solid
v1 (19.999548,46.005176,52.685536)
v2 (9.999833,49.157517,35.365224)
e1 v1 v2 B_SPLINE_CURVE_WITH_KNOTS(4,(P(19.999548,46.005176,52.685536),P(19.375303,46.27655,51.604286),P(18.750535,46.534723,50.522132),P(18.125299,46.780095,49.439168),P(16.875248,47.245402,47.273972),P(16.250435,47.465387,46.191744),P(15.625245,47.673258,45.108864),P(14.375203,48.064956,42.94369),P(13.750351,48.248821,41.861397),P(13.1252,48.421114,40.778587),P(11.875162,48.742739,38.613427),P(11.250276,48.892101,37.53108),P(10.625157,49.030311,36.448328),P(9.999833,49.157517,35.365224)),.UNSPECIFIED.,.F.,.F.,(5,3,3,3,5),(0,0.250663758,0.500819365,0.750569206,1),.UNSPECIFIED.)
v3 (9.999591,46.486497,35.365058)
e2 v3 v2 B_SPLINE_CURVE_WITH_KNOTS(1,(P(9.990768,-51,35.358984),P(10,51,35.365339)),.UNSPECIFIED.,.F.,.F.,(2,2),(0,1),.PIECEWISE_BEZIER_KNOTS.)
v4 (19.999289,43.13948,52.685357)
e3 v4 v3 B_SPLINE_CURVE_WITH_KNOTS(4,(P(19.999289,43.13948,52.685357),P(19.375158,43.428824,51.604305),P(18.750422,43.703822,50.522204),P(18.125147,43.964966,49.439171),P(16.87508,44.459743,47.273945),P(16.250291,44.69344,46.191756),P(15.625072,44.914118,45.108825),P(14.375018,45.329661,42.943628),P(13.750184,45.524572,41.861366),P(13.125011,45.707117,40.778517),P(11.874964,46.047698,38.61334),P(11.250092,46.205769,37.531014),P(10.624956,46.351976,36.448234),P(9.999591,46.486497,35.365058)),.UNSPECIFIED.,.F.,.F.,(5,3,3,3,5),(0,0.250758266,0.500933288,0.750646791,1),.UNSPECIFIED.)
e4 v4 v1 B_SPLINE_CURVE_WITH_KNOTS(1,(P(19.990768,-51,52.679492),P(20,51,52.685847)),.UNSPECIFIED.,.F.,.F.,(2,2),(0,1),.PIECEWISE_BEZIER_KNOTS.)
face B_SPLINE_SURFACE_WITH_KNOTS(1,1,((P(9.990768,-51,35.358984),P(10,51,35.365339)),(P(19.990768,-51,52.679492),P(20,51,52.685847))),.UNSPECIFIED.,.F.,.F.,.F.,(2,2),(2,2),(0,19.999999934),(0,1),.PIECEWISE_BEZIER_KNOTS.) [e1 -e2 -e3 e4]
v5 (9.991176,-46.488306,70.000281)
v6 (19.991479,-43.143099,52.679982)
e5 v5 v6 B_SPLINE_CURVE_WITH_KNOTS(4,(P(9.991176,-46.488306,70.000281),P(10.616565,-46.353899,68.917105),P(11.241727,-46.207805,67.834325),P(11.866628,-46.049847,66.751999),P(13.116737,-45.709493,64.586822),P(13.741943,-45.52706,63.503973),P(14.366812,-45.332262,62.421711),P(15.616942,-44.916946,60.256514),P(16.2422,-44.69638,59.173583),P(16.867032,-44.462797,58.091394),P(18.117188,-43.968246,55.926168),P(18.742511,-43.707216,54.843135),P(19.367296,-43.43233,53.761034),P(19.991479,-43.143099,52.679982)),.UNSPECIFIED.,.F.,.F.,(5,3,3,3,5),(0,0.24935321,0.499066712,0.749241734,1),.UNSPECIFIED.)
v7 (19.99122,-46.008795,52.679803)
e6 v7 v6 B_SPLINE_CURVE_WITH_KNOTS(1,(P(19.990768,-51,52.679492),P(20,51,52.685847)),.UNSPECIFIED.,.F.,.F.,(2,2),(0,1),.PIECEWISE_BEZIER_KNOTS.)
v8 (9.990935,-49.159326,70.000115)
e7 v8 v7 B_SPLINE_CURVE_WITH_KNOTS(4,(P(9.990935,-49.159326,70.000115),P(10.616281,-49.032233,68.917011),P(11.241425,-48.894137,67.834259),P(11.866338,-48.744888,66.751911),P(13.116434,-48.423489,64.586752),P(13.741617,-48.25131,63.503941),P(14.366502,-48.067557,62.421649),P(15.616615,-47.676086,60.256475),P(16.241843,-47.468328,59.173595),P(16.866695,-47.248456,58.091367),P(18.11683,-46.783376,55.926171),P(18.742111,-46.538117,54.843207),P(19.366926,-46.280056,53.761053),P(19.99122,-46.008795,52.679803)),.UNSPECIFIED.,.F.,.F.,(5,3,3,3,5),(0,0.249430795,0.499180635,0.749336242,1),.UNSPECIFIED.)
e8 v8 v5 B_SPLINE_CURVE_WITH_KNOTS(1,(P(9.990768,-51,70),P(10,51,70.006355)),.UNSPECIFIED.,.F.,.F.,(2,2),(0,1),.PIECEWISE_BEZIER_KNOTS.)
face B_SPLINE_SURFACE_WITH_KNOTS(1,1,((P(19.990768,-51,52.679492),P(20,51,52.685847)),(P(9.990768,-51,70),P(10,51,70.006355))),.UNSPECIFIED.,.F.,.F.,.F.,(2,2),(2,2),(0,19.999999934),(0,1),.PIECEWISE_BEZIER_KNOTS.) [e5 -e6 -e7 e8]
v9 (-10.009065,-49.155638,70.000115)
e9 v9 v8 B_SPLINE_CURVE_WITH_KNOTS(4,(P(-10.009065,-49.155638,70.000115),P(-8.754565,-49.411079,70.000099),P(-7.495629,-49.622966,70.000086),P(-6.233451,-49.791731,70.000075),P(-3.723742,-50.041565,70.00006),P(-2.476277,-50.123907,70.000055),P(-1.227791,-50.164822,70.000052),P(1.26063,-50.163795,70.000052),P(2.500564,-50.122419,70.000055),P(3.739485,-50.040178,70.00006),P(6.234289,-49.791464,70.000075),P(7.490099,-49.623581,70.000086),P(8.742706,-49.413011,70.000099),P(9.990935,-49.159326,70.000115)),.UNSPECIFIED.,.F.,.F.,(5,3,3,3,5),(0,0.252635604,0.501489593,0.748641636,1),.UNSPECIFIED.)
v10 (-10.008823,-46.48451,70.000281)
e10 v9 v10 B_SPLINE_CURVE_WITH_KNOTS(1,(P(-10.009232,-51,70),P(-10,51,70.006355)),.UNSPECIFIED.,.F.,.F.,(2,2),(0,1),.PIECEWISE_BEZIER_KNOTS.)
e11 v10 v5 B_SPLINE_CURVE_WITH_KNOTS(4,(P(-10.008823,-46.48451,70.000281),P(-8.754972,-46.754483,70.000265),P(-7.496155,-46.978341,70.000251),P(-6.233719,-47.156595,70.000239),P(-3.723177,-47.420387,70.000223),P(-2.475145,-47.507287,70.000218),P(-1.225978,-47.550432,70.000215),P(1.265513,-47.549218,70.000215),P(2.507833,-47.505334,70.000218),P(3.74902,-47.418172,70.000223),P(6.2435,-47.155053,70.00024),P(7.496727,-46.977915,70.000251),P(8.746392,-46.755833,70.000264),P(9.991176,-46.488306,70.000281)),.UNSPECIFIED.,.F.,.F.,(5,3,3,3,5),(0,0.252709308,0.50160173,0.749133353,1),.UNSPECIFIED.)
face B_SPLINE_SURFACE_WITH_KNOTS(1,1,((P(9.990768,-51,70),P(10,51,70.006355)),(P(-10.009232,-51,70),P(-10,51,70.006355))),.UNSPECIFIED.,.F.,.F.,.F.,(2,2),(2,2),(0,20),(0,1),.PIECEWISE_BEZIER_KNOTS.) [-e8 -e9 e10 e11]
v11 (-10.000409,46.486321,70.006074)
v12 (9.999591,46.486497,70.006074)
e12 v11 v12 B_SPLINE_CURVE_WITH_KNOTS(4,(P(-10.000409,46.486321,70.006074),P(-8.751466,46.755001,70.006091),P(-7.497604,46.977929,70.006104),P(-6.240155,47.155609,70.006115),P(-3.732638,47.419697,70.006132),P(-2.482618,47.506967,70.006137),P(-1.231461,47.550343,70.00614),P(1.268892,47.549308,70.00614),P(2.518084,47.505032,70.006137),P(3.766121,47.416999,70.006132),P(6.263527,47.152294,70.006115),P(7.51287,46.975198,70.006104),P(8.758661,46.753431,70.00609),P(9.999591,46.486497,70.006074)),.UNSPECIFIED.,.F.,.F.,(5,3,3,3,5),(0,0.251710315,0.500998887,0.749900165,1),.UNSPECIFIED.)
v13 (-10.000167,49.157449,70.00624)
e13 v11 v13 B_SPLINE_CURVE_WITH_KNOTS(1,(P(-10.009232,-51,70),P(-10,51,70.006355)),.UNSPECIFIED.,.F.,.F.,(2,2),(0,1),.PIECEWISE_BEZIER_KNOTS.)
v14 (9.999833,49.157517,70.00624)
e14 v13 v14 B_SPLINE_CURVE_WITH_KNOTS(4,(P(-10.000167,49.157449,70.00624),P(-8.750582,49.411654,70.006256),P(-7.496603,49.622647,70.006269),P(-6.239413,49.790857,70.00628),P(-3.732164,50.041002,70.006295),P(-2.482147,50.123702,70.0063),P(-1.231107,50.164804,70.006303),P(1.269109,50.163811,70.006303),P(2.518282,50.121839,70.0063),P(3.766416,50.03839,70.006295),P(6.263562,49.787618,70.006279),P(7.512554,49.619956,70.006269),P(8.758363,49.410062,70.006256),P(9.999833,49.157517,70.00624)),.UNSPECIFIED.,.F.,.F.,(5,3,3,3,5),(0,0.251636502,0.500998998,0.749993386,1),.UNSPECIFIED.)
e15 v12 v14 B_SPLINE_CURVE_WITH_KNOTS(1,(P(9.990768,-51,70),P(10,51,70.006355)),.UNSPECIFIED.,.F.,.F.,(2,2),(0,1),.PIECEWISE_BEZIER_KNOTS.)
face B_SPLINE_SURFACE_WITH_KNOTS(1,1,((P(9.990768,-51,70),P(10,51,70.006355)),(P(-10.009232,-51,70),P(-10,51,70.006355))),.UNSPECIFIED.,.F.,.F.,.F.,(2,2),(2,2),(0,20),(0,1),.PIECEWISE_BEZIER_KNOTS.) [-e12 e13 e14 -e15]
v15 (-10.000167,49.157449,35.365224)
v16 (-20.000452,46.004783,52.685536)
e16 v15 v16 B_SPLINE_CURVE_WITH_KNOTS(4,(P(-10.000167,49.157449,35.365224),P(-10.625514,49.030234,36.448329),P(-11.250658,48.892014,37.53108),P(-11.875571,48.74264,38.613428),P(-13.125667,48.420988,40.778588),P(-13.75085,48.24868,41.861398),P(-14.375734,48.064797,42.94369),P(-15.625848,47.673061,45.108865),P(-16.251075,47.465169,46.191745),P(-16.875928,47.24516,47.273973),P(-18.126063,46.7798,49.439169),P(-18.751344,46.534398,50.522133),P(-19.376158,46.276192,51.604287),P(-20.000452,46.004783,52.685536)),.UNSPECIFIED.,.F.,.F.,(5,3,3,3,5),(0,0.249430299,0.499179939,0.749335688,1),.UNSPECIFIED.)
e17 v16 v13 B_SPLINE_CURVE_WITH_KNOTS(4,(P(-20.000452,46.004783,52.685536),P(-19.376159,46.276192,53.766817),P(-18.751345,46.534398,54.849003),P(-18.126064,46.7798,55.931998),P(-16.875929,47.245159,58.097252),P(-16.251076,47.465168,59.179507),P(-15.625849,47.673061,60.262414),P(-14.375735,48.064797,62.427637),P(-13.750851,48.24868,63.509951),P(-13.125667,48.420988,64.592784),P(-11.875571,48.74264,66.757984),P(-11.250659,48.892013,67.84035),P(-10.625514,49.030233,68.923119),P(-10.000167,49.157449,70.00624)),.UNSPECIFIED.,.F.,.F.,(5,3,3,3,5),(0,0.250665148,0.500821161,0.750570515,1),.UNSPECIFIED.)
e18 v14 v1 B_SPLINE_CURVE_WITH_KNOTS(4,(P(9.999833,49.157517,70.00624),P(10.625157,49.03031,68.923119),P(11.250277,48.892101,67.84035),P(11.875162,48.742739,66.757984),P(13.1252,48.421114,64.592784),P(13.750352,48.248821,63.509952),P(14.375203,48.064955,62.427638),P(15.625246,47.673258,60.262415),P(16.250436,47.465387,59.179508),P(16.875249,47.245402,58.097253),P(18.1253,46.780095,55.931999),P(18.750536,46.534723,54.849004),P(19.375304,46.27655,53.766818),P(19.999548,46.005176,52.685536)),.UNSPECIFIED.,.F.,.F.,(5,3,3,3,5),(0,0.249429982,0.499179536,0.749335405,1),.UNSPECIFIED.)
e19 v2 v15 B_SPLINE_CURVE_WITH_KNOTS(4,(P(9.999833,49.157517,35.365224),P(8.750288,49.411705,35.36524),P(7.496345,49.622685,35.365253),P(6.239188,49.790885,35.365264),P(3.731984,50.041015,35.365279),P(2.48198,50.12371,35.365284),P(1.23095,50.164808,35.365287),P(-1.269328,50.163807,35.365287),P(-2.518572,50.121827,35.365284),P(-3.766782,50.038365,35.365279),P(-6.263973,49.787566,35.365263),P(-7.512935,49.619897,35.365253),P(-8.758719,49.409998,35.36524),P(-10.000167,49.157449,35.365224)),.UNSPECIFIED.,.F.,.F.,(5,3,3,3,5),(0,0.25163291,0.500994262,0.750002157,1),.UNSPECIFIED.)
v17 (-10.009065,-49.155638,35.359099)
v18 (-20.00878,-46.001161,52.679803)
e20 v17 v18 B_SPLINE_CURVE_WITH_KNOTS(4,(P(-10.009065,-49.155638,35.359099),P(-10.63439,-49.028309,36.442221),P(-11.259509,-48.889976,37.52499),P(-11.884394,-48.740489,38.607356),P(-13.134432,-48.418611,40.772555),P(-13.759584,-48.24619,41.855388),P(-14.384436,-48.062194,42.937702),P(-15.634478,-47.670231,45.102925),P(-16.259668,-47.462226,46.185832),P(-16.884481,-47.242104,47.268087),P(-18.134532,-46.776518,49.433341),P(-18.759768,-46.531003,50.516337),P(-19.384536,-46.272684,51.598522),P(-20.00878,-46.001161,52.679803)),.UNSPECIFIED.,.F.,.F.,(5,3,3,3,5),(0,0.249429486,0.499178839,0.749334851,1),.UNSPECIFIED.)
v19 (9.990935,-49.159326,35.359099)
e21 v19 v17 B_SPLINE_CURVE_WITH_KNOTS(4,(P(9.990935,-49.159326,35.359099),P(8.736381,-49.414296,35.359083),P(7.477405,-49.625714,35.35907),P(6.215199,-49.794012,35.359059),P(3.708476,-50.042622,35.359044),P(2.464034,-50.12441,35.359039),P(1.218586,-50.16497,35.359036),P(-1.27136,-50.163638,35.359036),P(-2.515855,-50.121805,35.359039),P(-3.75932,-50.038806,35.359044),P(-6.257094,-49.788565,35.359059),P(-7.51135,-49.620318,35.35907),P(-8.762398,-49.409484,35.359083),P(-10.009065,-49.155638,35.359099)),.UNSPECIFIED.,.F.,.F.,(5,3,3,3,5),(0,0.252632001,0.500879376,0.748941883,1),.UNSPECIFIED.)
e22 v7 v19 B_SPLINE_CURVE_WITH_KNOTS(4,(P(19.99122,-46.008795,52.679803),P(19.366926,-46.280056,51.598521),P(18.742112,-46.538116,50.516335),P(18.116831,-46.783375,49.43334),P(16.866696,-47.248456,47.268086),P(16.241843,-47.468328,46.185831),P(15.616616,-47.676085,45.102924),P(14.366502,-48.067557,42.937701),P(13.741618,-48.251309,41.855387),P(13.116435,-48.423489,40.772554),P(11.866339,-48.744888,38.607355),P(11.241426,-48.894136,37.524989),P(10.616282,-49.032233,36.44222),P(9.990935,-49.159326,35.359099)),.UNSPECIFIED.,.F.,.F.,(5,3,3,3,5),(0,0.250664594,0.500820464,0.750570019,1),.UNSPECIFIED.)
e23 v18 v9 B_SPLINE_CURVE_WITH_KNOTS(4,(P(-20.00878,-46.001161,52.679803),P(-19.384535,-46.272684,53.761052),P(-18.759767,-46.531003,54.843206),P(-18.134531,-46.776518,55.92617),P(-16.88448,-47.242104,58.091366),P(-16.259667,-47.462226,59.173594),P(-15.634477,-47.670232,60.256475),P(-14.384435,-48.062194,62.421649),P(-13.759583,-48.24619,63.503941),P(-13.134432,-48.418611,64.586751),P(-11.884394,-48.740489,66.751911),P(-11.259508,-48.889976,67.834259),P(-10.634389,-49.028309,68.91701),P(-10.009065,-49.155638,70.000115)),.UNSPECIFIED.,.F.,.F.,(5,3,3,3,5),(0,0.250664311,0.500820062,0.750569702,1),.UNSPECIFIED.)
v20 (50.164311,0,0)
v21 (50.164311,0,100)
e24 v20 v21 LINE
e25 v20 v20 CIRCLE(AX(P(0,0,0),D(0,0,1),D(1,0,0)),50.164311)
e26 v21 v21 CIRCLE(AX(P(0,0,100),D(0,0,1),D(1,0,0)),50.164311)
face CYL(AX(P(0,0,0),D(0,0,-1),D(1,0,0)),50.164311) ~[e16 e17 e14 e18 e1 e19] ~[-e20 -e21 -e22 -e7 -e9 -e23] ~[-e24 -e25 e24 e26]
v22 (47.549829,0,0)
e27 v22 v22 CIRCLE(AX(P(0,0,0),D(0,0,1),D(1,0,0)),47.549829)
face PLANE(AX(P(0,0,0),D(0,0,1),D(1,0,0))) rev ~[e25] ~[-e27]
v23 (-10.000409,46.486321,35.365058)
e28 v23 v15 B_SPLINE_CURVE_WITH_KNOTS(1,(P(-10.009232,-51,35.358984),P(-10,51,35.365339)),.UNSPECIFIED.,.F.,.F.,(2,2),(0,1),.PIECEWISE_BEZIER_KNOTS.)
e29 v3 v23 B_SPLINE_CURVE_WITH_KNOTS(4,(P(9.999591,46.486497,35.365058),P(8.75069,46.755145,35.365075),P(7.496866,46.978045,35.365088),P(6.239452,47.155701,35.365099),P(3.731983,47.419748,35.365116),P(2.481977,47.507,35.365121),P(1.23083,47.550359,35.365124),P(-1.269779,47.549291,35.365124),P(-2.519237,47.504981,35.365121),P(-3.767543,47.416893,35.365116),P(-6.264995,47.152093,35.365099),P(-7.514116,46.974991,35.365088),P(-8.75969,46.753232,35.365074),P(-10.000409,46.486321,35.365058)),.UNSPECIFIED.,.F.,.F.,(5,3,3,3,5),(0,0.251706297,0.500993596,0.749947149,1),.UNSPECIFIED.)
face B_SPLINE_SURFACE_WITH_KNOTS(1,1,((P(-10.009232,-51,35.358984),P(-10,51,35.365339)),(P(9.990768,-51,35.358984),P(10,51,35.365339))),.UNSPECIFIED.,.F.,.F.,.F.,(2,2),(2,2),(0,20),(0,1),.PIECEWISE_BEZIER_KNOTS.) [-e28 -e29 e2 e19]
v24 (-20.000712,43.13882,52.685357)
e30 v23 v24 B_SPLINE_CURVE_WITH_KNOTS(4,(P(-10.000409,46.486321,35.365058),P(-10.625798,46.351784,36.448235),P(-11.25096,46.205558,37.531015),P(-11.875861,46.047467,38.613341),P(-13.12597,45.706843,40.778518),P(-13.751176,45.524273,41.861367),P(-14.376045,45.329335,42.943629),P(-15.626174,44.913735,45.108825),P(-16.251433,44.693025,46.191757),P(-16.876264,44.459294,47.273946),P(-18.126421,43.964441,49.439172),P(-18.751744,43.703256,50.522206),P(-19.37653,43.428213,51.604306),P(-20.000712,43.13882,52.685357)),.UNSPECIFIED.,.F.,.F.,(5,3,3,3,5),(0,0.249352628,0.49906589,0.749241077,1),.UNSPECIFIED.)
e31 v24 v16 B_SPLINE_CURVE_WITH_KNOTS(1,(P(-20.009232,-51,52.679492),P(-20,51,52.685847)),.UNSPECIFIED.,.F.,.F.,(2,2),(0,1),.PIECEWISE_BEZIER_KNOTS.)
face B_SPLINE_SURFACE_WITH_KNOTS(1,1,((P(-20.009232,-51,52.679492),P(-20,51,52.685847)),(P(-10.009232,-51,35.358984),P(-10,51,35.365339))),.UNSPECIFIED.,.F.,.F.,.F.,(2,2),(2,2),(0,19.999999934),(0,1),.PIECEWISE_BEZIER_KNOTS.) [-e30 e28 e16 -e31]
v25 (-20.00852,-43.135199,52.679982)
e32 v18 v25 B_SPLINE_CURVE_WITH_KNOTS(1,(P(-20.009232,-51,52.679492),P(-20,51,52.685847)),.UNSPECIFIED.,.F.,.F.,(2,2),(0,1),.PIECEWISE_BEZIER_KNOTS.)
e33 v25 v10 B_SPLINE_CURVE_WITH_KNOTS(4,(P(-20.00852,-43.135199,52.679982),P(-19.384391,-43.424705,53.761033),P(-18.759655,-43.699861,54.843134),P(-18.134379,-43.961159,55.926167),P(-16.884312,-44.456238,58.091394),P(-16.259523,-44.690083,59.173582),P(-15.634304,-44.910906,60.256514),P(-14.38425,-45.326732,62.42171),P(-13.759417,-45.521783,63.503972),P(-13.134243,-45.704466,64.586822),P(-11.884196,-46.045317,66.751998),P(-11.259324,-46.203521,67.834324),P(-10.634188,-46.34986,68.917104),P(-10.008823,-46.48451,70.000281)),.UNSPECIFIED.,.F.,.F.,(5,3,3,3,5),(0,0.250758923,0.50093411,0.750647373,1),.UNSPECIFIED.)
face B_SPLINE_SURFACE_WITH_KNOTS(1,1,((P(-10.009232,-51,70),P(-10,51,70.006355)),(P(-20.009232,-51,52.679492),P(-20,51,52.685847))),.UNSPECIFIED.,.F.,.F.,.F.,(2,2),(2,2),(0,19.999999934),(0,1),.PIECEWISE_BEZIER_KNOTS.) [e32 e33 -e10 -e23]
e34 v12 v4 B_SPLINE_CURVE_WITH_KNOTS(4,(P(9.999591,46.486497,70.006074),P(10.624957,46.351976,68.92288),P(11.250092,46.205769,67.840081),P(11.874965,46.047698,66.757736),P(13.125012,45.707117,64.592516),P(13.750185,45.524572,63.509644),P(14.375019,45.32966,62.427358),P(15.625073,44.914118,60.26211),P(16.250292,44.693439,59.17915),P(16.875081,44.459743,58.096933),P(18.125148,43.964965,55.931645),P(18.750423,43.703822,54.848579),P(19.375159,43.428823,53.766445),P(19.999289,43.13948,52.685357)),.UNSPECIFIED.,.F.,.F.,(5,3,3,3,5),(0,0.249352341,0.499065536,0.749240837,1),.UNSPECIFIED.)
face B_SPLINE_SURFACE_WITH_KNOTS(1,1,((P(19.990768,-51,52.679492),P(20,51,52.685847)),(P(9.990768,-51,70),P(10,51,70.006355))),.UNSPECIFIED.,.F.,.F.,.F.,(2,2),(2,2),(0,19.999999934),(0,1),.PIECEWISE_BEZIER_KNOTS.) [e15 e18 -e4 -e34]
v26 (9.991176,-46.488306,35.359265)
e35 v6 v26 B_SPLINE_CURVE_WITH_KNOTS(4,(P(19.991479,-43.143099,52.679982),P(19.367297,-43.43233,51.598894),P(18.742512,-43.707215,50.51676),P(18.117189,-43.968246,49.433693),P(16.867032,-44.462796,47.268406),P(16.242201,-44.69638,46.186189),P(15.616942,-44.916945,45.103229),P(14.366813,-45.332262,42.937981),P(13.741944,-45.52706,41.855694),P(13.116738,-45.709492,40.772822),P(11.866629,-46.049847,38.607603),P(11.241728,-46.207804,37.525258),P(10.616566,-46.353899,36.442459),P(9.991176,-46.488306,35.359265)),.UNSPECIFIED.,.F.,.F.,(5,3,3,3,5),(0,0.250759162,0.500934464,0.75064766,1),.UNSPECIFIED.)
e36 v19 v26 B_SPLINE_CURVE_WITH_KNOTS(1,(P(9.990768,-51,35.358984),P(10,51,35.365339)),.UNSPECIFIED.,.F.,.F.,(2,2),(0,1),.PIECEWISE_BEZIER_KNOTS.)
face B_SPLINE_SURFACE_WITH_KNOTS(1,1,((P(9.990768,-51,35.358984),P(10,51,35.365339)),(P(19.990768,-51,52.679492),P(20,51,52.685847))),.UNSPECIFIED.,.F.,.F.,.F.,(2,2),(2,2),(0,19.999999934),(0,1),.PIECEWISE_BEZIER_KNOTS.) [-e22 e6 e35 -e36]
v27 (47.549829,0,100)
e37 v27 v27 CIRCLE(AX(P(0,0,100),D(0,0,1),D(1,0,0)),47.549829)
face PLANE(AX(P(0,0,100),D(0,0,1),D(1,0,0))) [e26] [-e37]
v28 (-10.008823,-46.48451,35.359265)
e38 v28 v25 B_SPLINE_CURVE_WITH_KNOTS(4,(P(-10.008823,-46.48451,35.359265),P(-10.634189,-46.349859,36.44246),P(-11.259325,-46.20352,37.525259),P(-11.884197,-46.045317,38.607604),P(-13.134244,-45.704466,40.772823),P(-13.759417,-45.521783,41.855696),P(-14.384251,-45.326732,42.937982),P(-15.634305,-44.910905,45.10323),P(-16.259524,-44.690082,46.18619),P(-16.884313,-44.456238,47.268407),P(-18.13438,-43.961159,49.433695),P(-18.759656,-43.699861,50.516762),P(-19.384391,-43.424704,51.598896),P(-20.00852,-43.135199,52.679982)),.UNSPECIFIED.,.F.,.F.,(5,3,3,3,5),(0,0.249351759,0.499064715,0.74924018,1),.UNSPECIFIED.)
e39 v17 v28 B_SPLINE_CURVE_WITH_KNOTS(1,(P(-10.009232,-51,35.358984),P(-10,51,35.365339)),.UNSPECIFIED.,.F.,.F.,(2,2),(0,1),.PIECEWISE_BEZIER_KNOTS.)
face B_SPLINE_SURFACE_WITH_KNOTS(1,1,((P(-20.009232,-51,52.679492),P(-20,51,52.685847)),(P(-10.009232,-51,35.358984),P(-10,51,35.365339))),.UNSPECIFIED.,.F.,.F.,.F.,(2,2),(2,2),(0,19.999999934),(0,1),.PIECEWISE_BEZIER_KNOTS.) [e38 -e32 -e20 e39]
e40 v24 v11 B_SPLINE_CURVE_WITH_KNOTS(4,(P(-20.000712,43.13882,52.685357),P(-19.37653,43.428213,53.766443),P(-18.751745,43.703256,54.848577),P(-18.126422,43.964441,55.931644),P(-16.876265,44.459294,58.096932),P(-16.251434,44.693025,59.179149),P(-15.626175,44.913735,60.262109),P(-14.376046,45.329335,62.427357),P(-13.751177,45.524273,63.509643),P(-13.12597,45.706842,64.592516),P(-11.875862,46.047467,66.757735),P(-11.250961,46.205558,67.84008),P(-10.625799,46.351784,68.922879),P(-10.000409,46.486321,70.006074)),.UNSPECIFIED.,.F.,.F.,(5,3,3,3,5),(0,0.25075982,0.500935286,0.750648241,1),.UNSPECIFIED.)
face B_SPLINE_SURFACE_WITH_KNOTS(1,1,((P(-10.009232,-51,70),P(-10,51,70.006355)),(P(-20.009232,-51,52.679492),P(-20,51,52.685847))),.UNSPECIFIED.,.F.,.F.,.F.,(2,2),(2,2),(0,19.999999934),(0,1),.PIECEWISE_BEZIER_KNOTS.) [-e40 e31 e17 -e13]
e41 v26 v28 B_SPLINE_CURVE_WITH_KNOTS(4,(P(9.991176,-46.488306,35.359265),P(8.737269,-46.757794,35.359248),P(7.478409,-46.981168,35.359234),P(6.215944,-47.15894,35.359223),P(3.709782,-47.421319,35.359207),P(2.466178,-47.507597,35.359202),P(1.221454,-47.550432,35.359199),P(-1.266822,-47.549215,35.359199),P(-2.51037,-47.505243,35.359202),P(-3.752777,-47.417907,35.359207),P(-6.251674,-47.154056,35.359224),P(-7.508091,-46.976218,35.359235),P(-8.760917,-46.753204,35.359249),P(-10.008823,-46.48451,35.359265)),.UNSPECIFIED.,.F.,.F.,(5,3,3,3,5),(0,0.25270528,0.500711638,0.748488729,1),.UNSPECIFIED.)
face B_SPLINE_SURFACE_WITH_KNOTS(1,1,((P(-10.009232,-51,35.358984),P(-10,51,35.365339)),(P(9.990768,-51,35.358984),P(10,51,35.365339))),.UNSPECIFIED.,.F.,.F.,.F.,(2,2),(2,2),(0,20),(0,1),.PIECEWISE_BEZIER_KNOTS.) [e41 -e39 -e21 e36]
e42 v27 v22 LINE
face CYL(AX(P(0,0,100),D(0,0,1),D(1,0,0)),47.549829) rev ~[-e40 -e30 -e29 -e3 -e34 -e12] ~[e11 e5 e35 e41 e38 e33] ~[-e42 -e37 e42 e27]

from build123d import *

# Parameters (mm, degrees)
SKETCH_R     = 50.164311
PAD_DEPTH    = 100
SKETCH001_R  = 47.549829
POCKET_DEPTH = 100.001


with BuildPart() as part:
    # Sketch → Pad (new body)
    with BuildSketch(Plane.XY):
        Circle(SKETCH_R)
    extrude(amount=PAD_DEPTH)

    # Sketch001 (on Face3 of Pad) → Pocket (cut, through all)
    with BuildSketch(Plane.XY.offset(100)):
        Circle(SKETCH001_R)
    extrude(amount=-POCKET_DEPTH, mode=Mode.SUBTRACT)

    # Sketch003 → SubtractiveLoft section 0
    with BuildSketch(Plane.XZ.offset(51)):
        Polygon((9.990768, 70), (-10.009232, 70), (-20.009232, 52.679492), (-10.009232, 35.358984), (9.990768, 35.358984), (19.990768, 52.679492), align=None)
    # Sketch004 → SubtractiveLoft section 1
    with BuildSketch(Plane.XZ.offset(-51)):
        Polygon((20, 52.685847), (10, 70.006355), (-10, 70.006355), (-20, 52.685847), (-10, 35.365339), (10, 35.365339), align=None)
    loft(ruled=True, mode=Mode.SUBTRACT)


solid = part.part
